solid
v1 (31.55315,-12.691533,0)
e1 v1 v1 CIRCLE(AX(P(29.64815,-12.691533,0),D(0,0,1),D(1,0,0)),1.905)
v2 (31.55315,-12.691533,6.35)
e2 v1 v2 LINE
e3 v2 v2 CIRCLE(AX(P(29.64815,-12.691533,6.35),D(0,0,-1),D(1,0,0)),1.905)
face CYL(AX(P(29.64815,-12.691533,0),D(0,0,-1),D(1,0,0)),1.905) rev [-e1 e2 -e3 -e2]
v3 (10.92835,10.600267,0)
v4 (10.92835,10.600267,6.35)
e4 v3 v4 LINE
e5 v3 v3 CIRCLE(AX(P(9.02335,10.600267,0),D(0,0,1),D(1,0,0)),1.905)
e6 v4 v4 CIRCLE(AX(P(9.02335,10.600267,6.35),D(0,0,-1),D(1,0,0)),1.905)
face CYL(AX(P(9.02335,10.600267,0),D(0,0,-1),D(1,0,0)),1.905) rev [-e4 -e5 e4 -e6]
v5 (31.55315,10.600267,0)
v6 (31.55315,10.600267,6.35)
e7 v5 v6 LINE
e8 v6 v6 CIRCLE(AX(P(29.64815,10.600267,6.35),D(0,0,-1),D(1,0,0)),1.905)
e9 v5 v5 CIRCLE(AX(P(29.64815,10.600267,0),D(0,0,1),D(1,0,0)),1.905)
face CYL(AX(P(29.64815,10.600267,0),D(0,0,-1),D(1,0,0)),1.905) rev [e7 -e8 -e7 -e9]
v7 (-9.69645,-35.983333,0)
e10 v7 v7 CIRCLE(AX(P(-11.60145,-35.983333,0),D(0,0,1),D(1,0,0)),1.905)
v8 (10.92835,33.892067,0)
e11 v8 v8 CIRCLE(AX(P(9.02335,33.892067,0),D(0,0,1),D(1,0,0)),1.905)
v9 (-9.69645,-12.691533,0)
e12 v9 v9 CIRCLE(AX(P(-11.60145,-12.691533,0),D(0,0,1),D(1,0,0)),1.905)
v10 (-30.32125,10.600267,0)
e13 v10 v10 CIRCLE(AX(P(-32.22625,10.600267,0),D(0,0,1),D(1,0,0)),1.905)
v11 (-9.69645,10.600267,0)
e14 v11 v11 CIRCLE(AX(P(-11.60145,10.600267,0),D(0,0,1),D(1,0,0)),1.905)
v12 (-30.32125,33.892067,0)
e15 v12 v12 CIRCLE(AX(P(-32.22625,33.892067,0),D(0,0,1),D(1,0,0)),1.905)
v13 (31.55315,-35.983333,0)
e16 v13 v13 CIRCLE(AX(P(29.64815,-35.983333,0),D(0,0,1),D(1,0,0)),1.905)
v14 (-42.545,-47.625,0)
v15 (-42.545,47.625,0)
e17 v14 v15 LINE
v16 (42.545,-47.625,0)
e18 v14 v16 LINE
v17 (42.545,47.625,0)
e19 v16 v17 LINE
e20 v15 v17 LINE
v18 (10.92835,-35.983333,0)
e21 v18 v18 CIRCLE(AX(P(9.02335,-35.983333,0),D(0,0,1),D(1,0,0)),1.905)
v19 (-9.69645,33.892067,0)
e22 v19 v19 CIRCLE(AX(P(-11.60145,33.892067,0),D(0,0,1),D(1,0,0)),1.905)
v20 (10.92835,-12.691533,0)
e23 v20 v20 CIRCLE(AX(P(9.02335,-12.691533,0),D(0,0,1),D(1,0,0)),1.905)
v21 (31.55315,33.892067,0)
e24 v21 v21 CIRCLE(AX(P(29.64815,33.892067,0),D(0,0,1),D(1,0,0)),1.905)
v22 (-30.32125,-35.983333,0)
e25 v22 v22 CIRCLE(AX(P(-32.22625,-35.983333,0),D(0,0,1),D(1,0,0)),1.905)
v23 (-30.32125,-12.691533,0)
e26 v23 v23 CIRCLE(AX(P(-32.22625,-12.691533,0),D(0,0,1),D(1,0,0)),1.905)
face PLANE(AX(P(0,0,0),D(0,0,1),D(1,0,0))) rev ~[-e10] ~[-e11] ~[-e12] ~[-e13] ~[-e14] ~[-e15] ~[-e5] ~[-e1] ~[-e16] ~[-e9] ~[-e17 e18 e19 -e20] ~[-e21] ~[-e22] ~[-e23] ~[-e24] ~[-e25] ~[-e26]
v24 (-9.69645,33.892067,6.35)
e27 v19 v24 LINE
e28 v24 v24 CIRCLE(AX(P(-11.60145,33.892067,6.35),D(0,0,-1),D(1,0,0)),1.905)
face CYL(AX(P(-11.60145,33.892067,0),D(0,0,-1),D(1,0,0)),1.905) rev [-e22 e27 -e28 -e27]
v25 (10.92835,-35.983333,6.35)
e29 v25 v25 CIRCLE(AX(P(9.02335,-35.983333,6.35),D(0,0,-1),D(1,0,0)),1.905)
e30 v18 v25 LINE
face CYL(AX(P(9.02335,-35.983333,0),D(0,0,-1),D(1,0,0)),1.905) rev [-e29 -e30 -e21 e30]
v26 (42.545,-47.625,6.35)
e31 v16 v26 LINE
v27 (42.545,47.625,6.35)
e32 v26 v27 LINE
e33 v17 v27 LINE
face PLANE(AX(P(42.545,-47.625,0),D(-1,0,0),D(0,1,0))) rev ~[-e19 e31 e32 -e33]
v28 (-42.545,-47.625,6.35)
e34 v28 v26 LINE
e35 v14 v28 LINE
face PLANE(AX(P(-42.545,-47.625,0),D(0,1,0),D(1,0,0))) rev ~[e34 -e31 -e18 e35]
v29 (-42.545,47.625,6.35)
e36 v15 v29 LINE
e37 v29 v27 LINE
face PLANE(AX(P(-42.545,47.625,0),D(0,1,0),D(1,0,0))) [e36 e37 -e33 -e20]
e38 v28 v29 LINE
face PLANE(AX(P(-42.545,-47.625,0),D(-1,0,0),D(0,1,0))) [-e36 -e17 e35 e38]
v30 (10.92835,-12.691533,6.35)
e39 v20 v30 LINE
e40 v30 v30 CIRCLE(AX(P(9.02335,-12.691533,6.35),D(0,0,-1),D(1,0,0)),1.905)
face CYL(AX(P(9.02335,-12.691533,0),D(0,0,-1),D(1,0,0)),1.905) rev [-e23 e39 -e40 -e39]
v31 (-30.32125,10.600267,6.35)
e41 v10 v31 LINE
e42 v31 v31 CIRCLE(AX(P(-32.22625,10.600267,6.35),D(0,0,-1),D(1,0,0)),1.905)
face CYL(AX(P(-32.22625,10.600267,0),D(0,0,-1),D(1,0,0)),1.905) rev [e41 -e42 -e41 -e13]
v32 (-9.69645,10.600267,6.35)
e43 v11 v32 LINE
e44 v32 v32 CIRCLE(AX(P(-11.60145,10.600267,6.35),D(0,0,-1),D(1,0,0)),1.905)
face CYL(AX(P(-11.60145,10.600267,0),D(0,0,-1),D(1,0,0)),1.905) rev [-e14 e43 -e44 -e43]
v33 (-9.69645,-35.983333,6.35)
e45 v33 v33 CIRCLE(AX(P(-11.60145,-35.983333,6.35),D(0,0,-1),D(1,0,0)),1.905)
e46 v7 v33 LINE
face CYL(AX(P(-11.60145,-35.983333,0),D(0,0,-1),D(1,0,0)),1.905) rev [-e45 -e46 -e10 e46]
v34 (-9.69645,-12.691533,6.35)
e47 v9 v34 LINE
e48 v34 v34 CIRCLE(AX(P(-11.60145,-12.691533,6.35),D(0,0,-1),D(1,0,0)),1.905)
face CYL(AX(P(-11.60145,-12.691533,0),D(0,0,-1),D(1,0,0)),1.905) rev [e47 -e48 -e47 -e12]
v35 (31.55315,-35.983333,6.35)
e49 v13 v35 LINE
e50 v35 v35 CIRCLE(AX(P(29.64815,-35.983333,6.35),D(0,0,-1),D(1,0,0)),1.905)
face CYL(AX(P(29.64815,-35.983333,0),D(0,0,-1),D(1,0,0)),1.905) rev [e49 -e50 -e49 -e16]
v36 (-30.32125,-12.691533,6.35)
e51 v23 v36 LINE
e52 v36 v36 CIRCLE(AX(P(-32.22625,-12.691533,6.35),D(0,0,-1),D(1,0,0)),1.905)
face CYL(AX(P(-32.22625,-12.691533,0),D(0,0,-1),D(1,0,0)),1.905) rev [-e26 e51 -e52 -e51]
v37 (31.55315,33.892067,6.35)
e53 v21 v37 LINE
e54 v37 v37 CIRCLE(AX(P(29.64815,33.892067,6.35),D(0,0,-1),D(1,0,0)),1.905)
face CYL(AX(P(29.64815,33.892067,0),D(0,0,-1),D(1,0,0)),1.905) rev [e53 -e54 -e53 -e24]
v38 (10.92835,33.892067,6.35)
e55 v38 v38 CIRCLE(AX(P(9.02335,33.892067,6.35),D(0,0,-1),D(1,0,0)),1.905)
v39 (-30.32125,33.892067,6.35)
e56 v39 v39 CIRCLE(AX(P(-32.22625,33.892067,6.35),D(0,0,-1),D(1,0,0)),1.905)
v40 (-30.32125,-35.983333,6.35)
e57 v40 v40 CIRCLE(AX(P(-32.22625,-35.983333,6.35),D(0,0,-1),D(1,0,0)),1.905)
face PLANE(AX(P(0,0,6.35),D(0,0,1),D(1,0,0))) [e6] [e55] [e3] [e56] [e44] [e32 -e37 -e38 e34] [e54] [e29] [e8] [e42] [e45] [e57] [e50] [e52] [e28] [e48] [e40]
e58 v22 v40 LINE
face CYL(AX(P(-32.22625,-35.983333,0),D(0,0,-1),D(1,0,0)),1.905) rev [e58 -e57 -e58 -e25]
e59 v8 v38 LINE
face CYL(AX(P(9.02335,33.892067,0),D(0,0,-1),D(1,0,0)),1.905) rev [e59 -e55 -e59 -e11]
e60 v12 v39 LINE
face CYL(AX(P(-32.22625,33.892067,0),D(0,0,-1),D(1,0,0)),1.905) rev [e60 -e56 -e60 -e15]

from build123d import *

# Parameters (mm, degrees)
F0_W     = 85.09
F0_H     = 95.25
F1_DEPTH = 6.35
F2_R     = 1.905
F3_DEPTH = 6.351


with BuildPart() as f1:
    # F0 (on Top) → F1 (new body)
    with BuildSketch(Plane.XY):
        Rectangle(F0_W, F0_H)
    extrude(amount=F1_DEPTH)

    # F2 (on Top) → F3 (cut, through all)
    with BuildSketch(Plane.XY):
        with Locations((-32.22625, -35.983333)):
            Circle(F2_R)
        with Locations((-32.22625, -12.691533)):
            Circle(F2_R)
        with Locations((-32.22625, 10.600267)):
            Circle(F2_R)
        with Locations((-32.22625, 33.892067)):
            Circle(F2_R)
        with Locations((-32.22625, 57.183867)):
            Circle(F2_R)
        with Locations((-32.22625, 80.475667)):
            Circle(F2_R)
        with Locations((-11.60145, -35.983333)):
            Circle(F2_R)
        with Locations((-11.60145, -12.691533)):
            Circle(F2_R)
        with Locations((-11.60145, 10.600267)):
            Circle(F2_R)
        with Locations((-11.60145, 33.892067)):
            Circle(F2_R)
        with Locations((-11.60145, 57.183867)):
            Circle(F2_R)
        with Locations((-11.60145, 80.475667)):
            Circle(F2_R)
        with Locations((9.02335, -35.983333)):
            Circle(F2_R)
        with Locations((9.02335, -12.691533)):
            Circle(F2_R)
        with Locations((9.02335, 10.600267)):
            Circle(F2_R)
        with Locations((9.02335, 33.892067)):
            Circle(F2_R)
        with Locations((9.02335, 57.183867)):
            Circle(F2_R)
        with Locations((9.02335, 80.475667)):
            Circle(F2_R)
        with Locations((29.64815, -35.983333)):
            Circle(F2_R)
        with Locations((29.64815, -12.691533)):
            Circle(F2_R)
        with Locations((29.64815, 10.600267)):
            Circle(F2_R)
        with Locations((29.64815, 33.892067)):
            Circle(F2_R)
        with Locations((29.64815, 57.183867)):
            Circle(F2_R)
        with Locations((29.64815, 80.475667)):
            Circle(F2_R)
    extrude(amount=F3_DEPTH, mode=Mode.SUBTRACT)


solid = f1.part
